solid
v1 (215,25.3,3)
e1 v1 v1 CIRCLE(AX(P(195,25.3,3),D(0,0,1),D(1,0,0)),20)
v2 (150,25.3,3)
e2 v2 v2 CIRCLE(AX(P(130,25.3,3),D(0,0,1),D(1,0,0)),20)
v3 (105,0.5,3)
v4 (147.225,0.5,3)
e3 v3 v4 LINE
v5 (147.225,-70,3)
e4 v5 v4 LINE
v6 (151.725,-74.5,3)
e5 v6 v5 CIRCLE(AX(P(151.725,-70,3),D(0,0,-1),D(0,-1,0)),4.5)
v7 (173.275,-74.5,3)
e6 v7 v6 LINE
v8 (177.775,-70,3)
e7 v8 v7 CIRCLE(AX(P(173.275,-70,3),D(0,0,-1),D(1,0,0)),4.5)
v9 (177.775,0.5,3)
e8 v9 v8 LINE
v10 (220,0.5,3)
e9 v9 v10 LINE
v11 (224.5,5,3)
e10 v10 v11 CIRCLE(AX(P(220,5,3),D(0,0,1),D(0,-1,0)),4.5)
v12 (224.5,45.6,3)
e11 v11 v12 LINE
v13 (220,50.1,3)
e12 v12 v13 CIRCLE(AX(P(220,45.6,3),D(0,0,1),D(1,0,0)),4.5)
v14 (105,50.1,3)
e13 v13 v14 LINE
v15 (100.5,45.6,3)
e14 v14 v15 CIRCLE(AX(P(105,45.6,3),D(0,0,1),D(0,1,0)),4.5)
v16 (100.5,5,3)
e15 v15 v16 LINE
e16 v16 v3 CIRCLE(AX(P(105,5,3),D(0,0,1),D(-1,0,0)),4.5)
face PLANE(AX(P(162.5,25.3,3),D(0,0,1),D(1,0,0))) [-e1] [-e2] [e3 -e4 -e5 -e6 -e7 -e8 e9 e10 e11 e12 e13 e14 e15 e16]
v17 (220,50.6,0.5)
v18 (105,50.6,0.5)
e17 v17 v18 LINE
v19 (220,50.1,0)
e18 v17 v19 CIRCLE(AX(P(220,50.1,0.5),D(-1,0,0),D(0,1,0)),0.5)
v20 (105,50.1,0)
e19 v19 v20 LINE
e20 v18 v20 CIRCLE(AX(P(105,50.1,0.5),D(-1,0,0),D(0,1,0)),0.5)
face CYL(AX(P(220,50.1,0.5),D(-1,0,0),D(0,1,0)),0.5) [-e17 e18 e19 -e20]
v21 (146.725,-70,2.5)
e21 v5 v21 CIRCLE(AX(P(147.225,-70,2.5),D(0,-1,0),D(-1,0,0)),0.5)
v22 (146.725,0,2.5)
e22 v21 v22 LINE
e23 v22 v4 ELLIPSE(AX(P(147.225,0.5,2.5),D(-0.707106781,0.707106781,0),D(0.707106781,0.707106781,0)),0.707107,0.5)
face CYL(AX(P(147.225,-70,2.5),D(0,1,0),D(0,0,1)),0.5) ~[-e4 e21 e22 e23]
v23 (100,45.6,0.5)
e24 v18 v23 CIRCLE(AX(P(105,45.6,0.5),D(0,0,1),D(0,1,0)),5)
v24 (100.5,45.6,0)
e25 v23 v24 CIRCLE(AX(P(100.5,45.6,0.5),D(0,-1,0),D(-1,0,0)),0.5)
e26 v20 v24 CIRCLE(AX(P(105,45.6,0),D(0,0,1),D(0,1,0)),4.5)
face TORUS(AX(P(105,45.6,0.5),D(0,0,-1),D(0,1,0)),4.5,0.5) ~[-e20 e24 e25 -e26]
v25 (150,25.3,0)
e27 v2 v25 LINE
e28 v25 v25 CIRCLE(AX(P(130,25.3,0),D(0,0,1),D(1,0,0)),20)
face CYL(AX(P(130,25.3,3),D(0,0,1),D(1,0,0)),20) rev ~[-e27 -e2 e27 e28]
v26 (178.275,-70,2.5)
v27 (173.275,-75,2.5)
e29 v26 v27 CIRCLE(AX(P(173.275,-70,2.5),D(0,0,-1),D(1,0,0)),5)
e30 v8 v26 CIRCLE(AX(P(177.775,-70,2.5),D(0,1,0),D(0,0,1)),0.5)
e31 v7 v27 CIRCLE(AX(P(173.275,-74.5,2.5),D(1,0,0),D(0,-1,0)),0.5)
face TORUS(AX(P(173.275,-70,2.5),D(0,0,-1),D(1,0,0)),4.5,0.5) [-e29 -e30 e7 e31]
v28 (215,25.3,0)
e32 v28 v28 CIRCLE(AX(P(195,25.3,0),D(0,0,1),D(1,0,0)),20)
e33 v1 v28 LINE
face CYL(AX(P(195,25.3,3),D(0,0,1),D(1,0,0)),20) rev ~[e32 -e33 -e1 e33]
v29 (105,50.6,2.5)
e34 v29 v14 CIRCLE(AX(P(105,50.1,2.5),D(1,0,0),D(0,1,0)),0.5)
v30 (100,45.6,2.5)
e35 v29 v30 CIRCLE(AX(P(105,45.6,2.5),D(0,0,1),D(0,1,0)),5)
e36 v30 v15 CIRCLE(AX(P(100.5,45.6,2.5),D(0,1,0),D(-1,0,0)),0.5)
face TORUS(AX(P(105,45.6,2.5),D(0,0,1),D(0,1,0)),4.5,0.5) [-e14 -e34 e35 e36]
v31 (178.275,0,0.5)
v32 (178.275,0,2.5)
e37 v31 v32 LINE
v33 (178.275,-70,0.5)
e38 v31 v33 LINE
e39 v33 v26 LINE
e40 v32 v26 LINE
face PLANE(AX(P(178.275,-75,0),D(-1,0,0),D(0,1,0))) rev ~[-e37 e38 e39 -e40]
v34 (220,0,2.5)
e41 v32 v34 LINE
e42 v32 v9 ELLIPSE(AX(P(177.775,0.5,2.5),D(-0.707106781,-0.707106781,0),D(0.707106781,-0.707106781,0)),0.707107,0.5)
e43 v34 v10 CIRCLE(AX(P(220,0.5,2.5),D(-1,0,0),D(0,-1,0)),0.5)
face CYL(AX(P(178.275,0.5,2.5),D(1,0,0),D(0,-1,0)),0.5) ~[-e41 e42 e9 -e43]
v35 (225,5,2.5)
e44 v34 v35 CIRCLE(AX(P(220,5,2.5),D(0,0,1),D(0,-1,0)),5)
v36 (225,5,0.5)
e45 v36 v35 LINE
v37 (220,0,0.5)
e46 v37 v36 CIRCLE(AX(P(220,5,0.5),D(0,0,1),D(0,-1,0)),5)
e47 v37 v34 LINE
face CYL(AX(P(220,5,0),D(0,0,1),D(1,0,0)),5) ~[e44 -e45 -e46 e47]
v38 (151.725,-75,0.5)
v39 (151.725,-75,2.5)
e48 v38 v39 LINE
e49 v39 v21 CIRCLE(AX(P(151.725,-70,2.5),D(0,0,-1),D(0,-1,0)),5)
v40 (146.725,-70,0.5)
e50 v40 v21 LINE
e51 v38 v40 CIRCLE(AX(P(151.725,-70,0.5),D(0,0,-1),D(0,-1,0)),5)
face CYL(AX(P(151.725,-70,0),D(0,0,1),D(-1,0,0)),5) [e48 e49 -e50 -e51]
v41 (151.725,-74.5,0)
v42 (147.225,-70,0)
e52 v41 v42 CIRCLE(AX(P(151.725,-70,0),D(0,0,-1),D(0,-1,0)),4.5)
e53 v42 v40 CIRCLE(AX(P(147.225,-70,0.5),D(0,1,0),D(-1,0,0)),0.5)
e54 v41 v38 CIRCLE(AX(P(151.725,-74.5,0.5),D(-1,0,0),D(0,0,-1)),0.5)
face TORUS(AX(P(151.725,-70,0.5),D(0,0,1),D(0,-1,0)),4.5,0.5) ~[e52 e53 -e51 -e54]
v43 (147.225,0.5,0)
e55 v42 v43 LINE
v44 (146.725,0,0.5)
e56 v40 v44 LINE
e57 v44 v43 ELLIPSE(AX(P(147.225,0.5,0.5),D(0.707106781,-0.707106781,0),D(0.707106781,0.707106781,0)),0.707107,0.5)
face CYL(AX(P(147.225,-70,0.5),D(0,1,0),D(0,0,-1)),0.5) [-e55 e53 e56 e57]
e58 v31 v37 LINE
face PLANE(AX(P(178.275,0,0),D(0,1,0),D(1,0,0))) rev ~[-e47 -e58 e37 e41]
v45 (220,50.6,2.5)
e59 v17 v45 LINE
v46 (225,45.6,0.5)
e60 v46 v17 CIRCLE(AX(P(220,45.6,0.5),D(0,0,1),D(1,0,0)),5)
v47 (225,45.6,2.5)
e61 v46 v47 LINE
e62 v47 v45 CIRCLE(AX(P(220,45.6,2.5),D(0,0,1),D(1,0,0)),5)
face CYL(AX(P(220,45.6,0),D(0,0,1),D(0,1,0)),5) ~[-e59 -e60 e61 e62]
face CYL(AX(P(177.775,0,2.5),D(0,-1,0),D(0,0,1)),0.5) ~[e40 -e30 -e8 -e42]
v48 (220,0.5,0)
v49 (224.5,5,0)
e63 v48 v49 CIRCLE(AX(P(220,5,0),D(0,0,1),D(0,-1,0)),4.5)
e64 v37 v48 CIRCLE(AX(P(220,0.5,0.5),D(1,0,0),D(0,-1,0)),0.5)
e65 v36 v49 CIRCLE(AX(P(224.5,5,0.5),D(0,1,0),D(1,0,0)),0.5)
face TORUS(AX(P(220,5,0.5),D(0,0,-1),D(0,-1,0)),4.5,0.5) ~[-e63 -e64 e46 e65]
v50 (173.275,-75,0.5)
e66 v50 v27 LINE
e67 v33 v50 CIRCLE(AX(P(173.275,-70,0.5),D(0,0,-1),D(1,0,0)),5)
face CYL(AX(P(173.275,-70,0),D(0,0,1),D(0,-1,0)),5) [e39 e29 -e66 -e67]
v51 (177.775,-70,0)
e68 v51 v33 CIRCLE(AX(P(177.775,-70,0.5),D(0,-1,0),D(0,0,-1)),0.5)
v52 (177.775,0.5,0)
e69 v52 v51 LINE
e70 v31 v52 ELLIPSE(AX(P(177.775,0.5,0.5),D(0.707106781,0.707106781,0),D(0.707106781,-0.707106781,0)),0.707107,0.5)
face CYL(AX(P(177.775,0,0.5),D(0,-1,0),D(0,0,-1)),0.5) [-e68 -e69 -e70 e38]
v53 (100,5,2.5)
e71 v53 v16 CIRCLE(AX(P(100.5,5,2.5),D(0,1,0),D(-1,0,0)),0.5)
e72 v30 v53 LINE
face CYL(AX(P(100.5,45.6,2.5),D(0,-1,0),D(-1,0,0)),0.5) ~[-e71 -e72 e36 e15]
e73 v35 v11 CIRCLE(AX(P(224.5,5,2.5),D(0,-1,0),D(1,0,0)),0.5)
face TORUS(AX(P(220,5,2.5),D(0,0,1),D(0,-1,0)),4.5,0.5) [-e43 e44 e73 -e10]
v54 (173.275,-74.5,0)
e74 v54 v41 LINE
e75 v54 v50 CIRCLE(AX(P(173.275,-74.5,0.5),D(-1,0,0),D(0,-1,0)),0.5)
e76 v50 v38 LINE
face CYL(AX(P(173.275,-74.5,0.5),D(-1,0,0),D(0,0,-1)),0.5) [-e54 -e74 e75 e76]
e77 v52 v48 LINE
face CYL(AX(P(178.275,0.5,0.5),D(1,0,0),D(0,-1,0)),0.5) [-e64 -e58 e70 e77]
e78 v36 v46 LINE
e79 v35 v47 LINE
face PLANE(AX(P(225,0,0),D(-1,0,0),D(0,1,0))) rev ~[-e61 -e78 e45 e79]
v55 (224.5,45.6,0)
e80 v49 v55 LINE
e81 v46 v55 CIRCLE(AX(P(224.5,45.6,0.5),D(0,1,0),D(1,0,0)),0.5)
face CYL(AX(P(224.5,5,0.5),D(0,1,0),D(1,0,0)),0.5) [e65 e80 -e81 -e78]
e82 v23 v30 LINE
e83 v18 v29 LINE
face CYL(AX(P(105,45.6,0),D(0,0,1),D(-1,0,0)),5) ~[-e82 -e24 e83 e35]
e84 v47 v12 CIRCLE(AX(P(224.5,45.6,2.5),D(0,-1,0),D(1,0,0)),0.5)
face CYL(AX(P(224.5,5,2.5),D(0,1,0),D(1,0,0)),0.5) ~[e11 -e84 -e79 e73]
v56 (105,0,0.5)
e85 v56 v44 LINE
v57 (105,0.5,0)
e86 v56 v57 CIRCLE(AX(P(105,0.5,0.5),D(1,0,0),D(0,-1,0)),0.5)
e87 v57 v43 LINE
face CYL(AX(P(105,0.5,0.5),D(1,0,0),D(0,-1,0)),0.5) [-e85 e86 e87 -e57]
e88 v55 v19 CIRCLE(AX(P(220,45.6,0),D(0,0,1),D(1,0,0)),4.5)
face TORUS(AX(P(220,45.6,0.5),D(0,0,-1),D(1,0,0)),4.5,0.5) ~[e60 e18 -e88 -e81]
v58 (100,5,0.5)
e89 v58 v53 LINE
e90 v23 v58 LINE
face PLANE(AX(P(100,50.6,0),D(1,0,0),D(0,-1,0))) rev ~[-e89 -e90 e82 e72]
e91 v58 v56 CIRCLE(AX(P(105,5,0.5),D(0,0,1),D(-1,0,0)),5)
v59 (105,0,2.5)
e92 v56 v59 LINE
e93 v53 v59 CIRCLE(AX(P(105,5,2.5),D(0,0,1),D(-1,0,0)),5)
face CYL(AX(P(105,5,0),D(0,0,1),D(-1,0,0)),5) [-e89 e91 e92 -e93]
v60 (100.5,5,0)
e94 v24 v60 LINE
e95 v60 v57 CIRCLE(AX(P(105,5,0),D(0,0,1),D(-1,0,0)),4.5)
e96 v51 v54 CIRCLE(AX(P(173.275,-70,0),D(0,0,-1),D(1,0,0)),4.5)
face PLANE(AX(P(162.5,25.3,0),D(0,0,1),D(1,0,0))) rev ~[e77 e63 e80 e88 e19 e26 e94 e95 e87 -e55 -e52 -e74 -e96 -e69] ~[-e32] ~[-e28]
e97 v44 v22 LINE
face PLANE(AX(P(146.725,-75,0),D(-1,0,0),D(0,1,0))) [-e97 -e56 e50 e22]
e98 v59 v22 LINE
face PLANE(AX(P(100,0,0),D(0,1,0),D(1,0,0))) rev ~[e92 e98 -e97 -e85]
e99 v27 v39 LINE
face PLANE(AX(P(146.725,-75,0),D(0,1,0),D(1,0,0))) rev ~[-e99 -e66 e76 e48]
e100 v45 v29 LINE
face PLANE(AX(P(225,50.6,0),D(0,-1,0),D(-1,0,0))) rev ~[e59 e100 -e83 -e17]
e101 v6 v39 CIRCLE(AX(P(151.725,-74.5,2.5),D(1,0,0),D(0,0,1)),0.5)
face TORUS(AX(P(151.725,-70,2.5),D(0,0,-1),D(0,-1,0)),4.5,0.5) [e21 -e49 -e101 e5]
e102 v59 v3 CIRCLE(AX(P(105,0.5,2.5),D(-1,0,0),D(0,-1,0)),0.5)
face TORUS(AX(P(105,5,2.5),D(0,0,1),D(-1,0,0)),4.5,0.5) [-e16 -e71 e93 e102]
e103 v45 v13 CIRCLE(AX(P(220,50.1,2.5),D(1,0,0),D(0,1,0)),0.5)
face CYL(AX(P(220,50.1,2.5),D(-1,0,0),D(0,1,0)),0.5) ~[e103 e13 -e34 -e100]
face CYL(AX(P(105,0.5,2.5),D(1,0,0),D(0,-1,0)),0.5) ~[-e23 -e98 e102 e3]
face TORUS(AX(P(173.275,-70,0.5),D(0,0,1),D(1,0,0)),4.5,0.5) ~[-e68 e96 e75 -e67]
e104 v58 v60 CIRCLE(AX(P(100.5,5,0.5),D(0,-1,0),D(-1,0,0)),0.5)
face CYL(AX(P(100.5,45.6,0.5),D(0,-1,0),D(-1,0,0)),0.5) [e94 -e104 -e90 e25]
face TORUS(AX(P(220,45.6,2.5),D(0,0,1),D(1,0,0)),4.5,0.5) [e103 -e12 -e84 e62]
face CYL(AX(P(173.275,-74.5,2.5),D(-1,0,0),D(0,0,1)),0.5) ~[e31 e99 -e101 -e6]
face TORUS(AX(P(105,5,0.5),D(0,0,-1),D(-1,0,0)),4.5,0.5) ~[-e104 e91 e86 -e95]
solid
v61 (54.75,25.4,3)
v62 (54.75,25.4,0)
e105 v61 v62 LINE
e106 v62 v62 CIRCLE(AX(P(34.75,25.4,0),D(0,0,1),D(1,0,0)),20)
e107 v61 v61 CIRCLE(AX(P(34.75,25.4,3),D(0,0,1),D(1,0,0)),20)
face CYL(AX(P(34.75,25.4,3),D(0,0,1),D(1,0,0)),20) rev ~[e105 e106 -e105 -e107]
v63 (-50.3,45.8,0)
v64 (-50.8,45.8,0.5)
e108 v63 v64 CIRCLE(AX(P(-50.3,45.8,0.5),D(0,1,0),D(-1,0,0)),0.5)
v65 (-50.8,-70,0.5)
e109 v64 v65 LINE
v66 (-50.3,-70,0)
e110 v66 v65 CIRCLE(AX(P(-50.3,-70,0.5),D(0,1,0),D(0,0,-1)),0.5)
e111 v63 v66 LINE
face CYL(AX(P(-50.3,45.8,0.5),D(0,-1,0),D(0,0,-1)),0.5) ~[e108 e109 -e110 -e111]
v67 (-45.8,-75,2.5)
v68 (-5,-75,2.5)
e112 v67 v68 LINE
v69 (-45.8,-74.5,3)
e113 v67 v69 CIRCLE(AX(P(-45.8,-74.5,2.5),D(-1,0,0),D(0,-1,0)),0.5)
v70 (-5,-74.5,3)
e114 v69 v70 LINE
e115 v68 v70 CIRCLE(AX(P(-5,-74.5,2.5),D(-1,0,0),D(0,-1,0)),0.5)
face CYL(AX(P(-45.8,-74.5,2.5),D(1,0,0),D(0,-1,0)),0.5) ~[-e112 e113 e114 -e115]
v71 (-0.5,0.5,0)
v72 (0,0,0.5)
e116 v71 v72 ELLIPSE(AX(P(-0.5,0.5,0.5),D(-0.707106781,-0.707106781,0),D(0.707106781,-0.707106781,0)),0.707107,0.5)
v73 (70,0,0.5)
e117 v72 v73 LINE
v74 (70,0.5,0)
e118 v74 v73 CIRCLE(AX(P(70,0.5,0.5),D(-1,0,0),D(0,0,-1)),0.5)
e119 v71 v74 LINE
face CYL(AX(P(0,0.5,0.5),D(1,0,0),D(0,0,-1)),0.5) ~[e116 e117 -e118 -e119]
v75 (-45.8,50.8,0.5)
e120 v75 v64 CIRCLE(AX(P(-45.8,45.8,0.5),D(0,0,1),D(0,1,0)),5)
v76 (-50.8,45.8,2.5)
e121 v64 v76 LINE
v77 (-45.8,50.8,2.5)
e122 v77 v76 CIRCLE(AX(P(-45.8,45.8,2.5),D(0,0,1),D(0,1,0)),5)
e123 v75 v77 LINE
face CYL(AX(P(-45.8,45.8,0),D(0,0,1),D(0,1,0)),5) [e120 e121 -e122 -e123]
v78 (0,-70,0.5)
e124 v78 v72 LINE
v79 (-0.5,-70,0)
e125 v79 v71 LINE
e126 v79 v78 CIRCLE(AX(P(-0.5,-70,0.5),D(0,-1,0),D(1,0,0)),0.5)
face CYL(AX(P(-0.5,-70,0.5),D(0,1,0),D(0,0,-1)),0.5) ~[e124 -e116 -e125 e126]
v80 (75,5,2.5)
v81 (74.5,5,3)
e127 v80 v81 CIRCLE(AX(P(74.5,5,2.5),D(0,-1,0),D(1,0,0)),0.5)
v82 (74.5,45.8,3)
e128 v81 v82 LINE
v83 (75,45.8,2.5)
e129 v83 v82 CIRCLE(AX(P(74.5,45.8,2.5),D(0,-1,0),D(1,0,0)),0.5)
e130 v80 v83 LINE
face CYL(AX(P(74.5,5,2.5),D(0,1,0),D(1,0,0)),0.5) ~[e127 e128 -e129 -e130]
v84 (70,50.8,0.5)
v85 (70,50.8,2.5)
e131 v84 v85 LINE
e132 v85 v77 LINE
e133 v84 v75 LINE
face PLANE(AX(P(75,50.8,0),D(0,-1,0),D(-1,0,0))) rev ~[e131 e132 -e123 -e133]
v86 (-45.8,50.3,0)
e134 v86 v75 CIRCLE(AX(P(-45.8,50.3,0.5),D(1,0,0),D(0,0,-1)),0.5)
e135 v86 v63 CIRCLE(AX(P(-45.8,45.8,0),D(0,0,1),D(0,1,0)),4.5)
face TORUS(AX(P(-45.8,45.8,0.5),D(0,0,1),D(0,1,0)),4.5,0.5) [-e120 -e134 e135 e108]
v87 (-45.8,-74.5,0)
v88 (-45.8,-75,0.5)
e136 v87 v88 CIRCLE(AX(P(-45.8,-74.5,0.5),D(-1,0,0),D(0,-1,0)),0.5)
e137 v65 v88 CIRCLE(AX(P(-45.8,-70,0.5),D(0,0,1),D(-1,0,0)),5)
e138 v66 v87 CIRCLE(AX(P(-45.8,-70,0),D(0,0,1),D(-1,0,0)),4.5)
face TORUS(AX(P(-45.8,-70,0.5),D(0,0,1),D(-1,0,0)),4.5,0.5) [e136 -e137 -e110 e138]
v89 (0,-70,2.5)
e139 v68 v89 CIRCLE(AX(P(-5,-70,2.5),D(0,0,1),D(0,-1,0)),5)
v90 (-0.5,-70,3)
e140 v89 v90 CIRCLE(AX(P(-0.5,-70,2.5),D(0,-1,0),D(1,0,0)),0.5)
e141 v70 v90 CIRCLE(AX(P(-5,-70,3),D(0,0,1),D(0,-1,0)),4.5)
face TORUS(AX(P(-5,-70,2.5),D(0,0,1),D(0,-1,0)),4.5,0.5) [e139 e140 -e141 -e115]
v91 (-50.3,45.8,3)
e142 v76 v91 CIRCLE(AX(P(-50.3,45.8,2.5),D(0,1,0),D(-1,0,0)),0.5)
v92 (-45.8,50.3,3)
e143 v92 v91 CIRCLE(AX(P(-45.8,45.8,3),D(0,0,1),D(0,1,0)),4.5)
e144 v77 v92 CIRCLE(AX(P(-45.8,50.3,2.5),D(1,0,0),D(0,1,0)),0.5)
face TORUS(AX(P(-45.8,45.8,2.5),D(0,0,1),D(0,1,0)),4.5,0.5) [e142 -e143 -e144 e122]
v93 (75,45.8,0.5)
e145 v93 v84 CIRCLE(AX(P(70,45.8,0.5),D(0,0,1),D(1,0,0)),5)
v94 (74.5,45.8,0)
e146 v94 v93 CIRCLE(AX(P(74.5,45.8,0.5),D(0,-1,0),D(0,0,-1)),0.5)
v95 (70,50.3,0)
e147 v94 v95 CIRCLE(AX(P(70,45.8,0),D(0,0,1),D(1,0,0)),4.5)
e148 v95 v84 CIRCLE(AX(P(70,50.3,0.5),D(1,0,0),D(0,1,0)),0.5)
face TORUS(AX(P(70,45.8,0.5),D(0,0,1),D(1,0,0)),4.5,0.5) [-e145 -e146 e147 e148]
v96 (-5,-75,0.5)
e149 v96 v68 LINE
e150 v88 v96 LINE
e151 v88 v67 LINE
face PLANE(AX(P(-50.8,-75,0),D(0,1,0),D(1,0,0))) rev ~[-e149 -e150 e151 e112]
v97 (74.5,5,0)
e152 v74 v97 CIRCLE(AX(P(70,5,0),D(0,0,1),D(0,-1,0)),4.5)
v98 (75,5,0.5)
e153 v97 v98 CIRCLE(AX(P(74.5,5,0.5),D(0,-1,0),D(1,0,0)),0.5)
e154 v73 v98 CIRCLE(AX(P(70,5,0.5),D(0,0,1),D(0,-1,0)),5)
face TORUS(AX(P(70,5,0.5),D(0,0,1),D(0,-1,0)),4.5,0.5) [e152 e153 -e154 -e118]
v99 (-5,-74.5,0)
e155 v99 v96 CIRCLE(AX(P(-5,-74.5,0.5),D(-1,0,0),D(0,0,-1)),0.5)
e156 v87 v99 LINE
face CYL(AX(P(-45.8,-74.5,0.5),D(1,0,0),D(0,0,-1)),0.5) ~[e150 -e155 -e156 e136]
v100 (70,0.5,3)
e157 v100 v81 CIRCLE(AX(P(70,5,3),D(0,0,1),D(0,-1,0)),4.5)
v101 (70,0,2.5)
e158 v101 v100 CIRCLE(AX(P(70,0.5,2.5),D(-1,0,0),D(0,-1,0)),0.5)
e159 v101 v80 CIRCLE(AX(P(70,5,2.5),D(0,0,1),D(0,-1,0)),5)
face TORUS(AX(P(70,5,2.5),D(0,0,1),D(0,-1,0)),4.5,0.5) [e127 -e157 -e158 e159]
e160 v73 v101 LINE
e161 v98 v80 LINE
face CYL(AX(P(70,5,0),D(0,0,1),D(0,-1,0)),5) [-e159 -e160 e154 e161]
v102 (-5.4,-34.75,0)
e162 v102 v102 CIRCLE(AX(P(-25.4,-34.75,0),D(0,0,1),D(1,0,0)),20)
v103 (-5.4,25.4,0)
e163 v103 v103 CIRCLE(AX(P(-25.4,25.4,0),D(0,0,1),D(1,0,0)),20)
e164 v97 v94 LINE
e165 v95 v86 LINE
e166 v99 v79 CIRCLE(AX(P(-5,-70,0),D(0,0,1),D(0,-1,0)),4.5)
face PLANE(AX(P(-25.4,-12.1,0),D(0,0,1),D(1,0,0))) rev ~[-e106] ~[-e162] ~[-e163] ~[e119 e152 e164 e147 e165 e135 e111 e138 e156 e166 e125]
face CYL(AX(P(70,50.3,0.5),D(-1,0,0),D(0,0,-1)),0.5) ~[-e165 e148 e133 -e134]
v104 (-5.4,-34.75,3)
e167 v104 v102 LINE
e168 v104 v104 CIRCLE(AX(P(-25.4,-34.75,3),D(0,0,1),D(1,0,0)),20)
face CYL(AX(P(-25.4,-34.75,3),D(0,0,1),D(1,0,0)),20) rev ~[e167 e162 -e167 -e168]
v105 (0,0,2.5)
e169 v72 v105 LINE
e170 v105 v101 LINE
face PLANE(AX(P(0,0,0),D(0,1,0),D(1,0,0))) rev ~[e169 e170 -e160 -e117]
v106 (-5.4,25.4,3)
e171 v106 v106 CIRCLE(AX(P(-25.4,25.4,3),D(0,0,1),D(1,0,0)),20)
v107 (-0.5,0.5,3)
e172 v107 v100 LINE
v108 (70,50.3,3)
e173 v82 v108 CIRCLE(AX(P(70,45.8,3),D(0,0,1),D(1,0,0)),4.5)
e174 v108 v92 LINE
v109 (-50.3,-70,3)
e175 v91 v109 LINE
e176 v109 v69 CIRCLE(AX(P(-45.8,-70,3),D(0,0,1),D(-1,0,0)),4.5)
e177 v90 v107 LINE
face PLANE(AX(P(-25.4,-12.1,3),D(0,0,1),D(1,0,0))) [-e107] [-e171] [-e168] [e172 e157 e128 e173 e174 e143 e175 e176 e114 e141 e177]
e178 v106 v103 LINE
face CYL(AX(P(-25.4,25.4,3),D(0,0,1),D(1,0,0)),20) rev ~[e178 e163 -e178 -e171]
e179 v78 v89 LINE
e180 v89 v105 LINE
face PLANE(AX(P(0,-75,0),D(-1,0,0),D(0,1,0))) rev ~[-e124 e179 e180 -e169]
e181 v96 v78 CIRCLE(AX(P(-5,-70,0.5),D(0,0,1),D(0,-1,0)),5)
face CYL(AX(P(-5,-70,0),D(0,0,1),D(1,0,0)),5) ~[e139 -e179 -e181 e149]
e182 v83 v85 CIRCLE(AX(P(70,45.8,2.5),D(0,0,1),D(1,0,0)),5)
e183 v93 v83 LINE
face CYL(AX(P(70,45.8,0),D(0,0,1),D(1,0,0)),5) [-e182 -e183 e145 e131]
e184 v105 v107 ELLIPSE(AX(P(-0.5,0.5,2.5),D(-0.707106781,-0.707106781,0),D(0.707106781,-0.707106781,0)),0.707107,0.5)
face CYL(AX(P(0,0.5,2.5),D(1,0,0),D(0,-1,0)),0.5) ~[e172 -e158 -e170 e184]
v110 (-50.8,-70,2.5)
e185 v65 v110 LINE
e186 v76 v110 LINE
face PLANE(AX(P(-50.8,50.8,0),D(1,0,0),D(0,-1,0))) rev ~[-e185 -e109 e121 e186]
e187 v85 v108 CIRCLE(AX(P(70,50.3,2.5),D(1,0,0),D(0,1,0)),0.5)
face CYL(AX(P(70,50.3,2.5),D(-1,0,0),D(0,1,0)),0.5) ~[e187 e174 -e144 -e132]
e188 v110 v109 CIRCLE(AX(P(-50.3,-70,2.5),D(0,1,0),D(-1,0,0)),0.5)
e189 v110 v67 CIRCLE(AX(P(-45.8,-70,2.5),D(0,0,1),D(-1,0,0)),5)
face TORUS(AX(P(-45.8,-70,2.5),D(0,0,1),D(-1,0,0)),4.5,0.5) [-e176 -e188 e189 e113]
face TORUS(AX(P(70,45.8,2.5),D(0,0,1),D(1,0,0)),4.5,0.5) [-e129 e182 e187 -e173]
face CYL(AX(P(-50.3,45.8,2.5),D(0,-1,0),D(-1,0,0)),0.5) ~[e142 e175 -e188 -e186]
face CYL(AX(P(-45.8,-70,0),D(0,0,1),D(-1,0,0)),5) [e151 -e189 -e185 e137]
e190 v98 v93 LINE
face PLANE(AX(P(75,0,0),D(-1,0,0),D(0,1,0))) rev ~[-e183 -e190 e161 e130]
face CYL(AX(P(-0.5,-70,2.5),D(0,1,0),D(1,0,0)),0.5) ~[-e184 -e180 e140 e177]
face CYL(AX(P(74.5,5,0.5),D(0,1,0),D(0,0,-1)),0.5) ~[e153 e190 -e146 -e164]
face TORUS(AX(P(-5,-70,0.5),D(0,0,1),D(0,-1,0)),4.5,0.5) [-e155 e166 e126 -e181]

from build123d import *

# Parameters (mm, degrees)
F0_W     = 75
F0_H     = 50.8
F1_DEPTH = 3
F2_R     = 5
F3_R     = 0.5
F4_R     = 20
F5_DEPTH = 25
F6_W     = 31.55
F6_H     = 75
F7_DEPTH = 3
F8_R     = 20
F9_DEPTH = 25
F10_R    = 5
F11_R    = 0.5


with BuildPart() as f1:
    # F0 (on Top) → F1 (new body)
    with BuildSketch(Plane.XY):
        Polygon((0, -75), (0, 0), (0, 50.8), (-50.8, 50.8), (-50.8, -75), align=None)
        with Locations((37.5, 25.4)):
            Rectangle(F0_W, F0_H)
    extrude(amount=F1_DEPTH)

    # F2
    f2_edges = [f1.edges().sort_by_distance(p)[0] for p in [
        (0, -75, 1.5),
        (-50.8, -75, 1.5),
        (75, 0, 1.5),
        (75, 50.8, 1.5),
        (-50.8, 50.8, 1.5),
    ]]
    fillet(f2_edges, radius=F2_R)

    # F3
    f3_edges = [f1.edges().sort_by_distance(p)[0] for p in [
        (35, 0, 3),
        (35, 0, 0),
    ]]
    fillet(f3_edges, radius=F3_R)

    # F4 (on face) → F5 (cut)
    with BuildSketch(Plane.XY.offset(3)):
        with Locations((-25.4, 25.4)):
            Circle(F4_R)
        with Locations((-25.4, -34.75)):
            Circle(F4_R)
        with Locations((34.75, 25.4)):
            Circle(F4_R)
    extrude(amount=-F5_DEPTH, mode=Mode.SUBTRACT)


with BuildPart() as f7:
    # F6 (on Top) → F7 (new body)
    with BuildSketch(Plane.XY):
        Polygon((100, 50.6), (100, 0), (146.725, 0), (178.275, 0), (225, 0), (225, 50.6), align=None)
        with Locations((162.5, -37.5)):
            Rectangle(F6_W, F6_H)
    extrude(amount=F7_DEPTH)

    # F8 (on face) → F9 (cut)
    with BuildSketch(Plane.XY.offset(3)):
        with Locations((195, 25.3)):
            Circle(F8_R)
        with Locations((130, 25.3)):
            Circle(F8_R)
    extrude(amount=-F9_DEPTH, mode=Mode.SUBTRACT)

    # F10
    f10_edges = [f7.edges().sort_by_distance(p)[0] for p in [
        (146.725, -75, 1.5),
        (178.275, -75, 1.5),
        (225, 0, 1.5),
        (100, 0, 1.5),
        (100, 50.6, 1.5),
        (225, 50.6, 1.5),
    ]]
    fillet(f10_edges, radius=F10_R)

    # F11
    f11_edges = [f7.edges().sort_by_distance(p)[0] for p in [
        (100, 25.3, 3),
        (100, 25.3, 0),
        (146.725, -35, 0),
        (146.725, -35, 3),
    ]]
    fillet(f11_edges, radius=F11_R)


solid = Compound([f1.part, f7.part])
